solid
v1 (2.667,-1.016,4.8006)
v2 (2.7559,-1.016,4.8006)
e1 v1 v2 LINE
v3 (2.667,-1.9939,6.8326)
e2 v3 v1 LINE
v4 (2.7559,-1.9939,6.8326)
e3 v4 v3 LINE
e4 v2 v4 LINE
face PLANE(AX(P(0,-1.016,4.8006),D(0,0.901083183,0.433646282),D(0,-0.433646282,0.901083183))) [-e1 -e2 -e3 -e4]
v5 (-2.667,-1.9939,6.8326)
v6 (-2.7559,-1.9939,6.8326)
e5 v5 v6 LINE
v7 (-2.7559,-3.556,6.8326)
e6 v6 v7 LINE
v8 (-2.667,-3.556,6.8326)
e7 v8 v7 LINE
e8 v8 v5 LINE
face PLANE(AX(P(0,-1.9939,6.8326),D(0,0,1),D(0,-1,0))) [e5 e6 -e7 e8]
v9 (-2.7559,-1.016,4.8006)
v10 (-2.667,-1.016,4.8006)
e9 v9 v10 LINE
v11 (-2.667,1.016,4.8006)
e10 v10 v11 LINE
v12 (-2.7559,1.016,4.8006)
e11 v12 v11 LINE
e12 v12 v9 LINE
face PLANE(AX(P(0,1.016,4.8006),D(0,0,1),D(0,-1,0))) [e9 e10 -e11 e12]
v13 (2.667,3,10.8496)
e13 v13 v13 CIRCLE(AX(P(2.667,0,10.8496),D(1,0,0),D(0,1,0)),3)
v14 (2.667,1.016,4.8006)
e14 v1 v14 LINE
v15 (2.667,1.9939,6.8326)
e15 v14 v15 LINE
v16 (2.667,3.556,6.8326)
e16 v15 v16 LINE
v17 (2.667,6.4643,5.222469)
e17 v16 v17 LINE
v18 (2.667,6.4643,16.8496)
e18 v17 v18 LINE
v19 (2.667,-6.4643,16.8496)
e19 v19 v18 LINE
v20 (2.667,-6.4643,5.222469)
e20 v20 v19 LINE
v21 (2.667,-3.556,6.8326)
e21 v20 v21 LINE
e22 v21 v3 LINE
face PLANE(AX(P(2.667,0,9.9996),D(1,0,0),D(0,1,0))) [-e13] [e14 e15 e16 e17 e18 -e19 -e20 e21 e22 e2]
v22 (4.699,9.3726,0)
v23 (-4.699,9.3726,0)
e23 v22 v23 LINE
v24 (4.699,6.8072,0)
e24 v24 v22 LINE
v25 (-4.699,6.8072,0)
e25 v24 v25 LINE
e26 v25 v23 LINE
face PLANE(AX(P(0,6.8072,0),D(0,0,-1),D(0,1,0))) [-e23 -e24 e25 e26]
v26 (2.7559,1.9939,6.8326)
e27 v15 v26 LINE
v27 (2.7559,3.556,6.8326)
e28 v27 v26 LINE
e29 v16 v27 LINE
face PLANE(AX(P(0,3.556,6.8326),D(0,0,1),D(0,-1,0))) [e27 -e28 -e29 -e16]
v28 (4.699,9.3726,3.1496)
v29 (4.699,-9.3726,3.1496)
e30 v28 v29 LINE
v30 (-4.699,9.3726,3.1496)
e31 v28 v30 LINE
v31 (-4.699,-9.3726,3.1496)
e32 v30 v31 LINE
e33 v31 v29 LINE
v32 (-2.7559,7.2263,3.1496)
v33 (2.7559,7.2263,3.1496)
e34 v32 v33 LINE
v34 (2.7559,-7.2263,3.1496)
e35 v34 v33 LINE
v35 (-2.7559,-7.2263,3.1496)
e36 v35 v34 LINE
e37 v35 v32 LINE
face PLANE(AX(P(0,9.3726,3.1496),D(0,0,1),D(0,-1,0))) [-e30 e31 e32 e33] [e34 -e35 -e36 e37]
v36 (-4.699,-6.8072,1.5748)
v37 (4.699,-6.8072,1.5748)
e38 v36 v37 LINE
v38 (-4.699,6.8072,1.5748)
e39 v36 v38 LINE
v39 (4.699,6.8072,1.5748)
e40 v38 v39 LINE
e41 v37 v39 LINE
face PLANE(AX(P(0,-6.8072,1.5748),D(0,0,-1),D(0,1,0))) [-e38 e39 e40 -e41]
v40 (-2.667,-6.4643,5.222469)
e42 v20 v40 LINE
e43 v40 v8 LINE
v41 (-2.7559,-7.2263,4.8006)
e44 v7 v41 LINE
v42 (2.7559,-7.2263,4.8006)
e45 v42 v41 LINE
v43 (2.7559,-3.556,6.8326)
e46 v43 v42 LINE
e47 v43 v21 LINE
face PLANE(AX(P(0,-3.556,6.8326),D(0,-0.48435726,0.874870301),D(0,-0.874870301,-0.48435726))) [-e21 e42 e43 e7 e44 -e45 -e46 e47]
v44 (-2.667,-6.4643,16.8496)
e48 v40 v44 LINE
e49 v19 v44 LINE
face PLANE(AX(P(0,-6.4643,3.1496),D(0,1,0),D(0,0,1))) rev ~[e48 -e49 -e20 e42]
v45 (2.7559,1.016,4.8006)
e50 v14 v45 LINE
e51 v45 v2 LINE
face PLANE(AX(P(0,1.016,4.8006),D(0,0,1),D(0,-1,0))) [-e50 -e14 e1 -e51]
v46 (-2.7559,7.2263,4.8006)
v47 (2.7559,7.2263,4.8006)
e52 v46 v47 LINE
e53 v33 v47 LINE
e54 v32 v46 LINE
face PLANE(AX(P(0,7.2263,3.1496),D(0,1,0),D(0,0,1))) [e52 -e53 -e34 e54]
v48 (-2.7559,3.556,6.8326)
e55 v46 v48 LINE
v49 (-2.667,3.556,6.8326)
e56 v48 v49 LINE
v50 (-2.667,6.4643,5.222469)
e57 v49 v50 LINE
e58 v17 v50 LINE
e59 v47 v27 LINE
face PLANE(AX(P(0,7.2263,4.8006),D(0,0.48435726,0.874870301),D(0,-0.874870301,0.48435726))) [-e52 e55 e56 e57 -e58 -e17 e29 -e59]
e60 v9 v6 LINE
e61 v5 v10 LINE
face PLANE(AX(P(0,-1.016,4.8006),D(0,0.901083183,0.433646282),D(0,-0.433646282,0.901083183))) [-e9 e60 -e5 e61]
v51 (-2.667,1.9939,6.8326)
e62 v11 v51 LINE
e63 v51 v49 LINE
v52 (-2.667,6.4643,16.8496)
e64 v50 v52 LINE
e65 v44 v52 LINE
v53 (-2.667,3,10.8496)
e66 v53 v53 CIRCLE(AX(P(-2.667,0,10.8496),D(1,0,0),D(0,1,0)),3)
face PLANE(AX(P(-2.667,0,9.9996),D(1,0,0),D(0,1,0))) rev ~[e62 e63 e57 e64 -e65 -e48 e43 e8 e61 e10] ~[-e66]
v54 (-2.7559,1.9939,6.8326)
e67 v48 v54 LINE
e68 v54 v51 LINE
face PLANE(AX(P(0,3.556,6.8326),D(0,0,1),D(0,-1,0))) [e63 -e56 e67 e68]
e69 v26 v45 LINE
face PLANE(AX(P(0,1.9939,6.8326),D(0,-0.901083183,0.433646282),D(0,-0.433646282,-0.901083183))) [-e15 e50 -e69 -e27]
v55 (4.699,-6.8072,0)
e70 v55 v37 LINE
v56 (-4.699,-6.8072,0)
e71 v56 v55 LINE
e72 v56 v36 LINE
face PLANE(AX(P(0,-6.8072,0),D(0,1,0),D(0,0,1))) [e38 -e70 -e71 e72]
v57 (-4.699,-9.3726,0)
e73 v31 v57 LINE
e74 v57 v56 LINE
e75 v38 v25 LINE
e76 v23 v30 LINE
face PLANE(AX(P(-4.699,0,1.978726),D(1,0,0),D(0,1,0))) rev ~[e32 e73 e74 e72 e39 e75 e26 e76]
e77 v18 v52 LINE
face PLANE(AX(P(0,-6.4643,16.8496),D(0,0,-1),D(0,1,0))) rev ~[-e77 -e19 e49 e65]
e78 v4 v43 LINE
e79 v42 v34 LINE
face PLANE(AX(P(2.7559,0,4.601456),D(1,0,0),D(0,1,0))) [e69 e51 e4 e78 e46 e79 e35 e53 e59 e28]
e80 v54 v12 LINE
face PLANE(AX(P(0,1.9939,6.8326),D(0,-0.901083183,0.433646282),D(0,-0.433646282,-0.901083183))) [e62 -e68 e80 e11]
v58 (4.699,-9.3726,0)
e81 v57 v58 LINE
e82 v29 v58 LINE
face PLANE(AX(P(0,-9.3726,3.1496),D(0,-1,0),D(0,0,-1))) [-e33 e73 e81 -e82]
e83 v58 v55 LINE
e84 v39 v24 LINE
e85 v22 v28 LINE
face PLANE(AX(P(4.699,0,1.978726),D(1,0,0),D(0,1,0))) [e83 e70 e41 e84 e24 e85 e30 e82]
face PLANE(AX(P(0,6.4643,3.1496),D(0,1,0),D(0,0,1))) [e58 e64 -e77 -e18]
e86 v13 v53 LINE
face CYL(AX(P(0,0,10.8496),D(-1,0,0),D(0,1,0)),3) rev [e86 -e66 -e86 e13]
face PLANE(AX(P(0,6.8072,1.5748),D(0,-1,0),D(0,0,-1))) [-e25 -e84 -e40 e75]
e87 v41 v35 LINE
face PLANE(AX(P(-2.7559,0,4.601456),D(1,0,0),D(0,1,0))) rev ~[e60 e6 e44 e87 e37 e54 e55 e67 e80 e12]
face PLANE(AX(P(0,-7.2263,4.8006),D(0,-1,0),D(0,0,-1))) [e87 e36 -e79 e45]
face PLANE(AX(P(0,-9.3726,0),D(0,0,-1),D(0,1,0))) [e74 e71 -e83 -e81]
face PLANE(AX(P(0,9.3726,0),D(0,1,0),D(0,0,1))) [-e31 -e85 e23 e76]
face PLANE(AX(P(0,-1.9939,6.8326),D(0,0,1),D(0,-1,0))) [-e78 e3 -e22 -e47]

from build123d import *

# Parameters (mm, degrees)
F1_DEPTH = 4.699
F3_DEPTH = 2.7559
F4_W     = 12.9286
F4_H     = 13.7
F4_R     = 3
F5_DEPTH = 2.667


with BuildPart() as f1:
    # F0 (on Right) → F1 (new body, symmetric)
    with BuildSketch(Plane.YZ):
        Polygon((9.3726, 3.1496), (-9.3726, 3.1496), (-9.3726, 0), (-6.8072, 0), (-6.8072, 1.5748), (6.8072, 1.5748), (6.8072, 0), (9.3726, 0), align=None)
    extrude(amount=F1_DEPTH, both=True)

    # F2 (on Right) → F3 (join, symmetric)
    with BuildSketch(Plane.YZ):
        Polygon((-7.2263, 4.8006), (-7.2263, 3.1496), (7.2263, 3.1496), (7.2263, 4.8006), (3.556, 6.8326), (1.9939, 6.8326), (1.016, 4.8006), (0, 4.8006), (-1.016, 4.8006), (-1.9939, 6.8326), (-3.556, 6.8326), align=None)
    extrude(amount=F3_DEPTH, both=True)

    # F4 (on Right) → F5 (join, symmetric)
    with BuildSketch(Plane.YZ):
        with Locations((0, 9.9996)):
            Rectangle(F4_W, F4_H)
        with Locations((0, 10.8496)):
            Circle(F4_R, mode=Mode.SUBTRACT)
    extrude(amount=F5_DEPTH, both=True)


solid = f1.part
